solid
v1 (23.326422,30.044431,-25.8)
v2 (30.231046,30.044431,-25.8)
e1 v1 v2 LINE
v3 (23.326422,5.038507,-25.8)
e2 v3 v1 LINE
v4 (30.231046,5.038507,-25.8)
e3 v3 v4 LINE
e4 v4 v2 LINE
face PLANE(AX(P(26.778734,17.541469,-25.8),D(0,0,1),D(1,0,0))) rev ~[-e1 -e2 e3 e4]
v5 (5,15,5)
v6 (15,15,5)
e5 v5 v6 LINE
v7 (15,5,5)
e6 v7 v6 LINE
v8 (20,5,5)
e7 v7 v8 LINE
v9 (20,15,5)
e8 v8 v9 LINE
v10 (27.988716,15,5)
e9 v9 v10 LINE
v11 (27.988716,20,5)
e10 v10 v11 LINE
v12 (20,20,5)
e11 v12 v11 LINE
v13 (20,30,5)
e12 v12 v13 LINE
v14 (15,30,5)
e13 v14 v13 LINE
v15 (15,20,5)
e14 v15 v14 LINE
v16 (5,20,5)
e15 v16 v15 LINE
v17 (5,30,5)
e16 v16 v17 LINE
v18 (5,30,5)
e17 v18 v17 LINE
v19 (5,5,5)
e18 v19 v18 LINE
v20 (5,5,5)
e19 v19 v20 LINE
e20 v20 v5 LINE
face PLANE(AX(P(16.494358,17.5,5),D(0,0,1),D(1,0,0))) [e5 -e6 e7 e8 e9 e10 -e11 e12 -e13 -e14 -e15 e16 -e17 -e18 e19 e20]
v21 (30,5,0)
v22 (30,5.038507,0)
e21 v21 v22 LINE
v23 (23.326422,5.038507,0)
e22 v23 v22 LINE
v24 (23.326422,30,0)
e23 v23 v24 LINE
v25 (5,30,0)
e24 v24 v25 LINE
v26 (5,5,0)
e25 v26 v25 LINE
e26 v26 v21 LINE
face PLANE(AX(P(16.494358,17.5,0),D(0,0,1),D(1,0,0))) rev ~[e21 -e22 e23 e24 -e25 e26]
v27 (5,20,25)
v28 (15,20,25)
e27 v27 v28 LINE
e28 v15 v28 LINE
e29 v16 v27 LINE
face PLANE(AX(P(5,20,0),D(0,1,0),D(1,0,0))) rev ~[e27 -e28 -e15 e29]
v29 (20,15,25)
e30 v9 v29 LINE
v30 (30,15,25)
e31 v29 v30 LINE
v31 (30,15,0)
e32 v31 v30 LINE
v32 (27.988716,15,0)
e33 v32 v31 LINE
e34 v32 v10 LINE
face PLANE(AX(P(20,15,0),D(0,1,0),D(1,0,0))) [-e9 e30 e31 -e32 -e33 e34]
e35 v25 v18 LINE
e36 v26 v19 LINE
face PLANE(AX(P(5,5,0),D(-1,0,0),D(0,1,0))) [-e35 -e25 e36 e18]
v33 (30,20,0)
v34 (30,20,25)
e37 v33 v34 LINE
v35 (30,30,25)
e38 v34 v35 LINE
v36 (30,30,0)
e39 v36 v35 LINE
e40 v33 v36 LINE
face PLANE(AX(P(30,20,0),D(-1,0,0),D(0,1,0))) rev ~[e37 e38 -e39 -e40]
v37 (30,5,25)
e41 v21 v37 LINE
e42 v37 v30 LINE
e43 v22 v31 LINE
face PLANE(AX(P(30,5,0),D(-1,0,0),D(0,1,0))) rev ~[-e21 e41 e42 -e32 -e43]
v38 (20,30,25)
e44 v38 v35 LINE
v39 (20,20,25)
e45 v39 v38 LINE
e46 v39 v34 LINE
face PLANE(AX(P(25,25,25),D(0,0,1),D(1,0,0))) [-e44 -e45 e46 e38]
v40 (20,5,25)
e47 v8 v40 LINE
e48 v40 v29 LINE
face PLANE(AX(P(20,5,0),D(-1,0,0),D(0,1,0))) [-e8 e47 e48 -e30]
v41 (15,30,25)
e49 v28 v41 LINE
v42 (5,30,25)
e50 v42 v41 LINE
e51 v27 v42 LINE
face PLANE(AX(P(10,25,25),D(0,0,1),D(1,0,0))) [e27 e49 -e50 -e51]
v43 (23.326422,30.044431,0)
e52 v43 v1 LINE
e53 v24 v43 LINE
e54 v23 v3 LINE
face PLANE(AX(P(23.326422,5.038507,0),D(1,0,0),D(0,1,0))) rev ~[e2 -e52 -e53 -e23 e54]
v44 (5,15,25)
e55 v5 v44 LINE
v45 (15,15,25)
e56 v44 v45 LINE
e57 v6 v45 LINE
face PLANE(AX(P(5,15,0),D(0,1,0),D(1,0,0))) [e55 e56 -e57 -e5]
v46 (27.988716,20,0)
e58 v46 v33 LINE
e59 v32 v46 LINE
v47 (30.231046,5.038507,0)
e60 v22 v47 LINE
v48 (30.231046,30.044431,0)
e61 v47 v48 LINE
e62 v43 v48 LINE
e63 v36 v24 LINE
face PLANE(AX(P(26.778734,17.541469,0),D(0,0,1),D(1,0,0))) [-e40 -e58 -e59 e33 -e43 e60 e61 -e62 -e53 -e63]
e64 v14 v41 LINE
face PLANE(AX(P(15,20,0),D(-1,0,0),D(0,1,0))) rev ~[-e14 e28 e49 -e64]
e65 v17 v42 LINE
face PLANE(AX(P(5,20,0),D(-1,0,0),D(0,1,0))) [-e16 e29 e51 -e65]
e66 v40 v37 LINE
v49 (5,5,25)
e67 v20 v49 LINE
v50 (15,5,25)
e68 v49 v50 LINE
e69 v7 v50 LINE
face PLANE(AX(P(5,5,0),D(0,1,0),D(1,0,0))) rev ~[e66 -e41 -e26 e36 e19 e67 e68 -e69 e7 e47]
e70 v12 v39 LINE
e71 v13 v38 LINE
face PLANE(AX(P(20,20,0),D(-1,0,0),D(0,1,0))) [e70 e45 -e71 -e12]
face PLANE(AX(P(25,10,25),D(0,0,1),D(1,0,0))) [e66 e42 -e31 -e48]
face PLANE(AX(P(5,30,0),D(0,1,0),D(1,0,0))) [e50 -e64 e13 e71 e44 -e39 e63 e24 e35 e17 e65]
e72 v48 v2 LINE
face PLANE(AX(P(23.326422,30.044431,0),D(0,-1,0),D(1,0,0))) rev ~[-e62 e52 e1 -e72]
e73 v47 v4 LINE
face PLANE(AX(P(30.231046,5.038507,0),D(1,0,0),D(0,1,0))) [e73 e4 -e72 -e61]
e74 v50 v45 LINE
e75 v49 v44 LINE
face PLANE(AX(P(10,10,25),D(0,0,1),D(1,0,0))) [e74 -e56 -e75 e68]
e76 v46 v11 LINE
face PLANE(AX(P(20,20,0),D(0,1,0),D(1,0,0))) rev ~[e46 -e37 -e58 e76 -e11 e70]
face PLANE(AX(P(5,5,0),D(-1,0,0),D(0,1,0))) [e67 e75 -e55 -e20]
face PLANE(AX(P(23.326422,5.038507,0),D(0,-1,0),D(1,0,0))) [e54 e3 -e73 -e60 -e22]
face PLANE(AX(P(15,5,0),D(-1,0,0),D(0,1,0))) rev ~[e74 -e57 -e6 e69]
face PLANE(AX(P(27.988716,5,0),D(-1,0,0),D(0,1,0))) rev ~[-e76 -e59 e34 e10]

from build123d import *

# Parameters (mm, degrees)
F0_W     = 10
F0_H     = 10
F1_DEPTH = 25
F2_W     = 22.988717
F2_H     = 25
F3_DEPTH = 5
F4_W     = 6.904623
F4_H     = 25.005924
F5_DEPTH = 25.8


with BuildPart() as f1:
    # F0 (on Top) → F1 (new body)
    with BuildSketch(Plane.XY):
        with Locations((10, 25)):
            Rectangle(F0_W, F0_H)
        with Locations((25, 25)):
            Rectangle(F0_W, F0_H)
        with Locations((25, 10)):
            Rectangle(F0_W, F0_H)
        with Locations((10, 10)):
            Rectangle(F0_W, F0_H)
    extrude(amount=F1_DEPTH)

    # F2 (on Top) → F3 (join)
    with BuildSketch(Plane.XY):
        with Locations((16.494358, 17.5)):
            Rectangle(F2_W, F2_H)
    extrude(amount=F3_DEPTH)

    # F4 (on Top) → F5 (join)
    with BuildSketch(Plane.XY):
        with Locations((26.778734, 17.541469)):
            Rectangle(F4_W, F4_H)
    extrude(amount=-F5_DEPTH)


solid = f1.part
